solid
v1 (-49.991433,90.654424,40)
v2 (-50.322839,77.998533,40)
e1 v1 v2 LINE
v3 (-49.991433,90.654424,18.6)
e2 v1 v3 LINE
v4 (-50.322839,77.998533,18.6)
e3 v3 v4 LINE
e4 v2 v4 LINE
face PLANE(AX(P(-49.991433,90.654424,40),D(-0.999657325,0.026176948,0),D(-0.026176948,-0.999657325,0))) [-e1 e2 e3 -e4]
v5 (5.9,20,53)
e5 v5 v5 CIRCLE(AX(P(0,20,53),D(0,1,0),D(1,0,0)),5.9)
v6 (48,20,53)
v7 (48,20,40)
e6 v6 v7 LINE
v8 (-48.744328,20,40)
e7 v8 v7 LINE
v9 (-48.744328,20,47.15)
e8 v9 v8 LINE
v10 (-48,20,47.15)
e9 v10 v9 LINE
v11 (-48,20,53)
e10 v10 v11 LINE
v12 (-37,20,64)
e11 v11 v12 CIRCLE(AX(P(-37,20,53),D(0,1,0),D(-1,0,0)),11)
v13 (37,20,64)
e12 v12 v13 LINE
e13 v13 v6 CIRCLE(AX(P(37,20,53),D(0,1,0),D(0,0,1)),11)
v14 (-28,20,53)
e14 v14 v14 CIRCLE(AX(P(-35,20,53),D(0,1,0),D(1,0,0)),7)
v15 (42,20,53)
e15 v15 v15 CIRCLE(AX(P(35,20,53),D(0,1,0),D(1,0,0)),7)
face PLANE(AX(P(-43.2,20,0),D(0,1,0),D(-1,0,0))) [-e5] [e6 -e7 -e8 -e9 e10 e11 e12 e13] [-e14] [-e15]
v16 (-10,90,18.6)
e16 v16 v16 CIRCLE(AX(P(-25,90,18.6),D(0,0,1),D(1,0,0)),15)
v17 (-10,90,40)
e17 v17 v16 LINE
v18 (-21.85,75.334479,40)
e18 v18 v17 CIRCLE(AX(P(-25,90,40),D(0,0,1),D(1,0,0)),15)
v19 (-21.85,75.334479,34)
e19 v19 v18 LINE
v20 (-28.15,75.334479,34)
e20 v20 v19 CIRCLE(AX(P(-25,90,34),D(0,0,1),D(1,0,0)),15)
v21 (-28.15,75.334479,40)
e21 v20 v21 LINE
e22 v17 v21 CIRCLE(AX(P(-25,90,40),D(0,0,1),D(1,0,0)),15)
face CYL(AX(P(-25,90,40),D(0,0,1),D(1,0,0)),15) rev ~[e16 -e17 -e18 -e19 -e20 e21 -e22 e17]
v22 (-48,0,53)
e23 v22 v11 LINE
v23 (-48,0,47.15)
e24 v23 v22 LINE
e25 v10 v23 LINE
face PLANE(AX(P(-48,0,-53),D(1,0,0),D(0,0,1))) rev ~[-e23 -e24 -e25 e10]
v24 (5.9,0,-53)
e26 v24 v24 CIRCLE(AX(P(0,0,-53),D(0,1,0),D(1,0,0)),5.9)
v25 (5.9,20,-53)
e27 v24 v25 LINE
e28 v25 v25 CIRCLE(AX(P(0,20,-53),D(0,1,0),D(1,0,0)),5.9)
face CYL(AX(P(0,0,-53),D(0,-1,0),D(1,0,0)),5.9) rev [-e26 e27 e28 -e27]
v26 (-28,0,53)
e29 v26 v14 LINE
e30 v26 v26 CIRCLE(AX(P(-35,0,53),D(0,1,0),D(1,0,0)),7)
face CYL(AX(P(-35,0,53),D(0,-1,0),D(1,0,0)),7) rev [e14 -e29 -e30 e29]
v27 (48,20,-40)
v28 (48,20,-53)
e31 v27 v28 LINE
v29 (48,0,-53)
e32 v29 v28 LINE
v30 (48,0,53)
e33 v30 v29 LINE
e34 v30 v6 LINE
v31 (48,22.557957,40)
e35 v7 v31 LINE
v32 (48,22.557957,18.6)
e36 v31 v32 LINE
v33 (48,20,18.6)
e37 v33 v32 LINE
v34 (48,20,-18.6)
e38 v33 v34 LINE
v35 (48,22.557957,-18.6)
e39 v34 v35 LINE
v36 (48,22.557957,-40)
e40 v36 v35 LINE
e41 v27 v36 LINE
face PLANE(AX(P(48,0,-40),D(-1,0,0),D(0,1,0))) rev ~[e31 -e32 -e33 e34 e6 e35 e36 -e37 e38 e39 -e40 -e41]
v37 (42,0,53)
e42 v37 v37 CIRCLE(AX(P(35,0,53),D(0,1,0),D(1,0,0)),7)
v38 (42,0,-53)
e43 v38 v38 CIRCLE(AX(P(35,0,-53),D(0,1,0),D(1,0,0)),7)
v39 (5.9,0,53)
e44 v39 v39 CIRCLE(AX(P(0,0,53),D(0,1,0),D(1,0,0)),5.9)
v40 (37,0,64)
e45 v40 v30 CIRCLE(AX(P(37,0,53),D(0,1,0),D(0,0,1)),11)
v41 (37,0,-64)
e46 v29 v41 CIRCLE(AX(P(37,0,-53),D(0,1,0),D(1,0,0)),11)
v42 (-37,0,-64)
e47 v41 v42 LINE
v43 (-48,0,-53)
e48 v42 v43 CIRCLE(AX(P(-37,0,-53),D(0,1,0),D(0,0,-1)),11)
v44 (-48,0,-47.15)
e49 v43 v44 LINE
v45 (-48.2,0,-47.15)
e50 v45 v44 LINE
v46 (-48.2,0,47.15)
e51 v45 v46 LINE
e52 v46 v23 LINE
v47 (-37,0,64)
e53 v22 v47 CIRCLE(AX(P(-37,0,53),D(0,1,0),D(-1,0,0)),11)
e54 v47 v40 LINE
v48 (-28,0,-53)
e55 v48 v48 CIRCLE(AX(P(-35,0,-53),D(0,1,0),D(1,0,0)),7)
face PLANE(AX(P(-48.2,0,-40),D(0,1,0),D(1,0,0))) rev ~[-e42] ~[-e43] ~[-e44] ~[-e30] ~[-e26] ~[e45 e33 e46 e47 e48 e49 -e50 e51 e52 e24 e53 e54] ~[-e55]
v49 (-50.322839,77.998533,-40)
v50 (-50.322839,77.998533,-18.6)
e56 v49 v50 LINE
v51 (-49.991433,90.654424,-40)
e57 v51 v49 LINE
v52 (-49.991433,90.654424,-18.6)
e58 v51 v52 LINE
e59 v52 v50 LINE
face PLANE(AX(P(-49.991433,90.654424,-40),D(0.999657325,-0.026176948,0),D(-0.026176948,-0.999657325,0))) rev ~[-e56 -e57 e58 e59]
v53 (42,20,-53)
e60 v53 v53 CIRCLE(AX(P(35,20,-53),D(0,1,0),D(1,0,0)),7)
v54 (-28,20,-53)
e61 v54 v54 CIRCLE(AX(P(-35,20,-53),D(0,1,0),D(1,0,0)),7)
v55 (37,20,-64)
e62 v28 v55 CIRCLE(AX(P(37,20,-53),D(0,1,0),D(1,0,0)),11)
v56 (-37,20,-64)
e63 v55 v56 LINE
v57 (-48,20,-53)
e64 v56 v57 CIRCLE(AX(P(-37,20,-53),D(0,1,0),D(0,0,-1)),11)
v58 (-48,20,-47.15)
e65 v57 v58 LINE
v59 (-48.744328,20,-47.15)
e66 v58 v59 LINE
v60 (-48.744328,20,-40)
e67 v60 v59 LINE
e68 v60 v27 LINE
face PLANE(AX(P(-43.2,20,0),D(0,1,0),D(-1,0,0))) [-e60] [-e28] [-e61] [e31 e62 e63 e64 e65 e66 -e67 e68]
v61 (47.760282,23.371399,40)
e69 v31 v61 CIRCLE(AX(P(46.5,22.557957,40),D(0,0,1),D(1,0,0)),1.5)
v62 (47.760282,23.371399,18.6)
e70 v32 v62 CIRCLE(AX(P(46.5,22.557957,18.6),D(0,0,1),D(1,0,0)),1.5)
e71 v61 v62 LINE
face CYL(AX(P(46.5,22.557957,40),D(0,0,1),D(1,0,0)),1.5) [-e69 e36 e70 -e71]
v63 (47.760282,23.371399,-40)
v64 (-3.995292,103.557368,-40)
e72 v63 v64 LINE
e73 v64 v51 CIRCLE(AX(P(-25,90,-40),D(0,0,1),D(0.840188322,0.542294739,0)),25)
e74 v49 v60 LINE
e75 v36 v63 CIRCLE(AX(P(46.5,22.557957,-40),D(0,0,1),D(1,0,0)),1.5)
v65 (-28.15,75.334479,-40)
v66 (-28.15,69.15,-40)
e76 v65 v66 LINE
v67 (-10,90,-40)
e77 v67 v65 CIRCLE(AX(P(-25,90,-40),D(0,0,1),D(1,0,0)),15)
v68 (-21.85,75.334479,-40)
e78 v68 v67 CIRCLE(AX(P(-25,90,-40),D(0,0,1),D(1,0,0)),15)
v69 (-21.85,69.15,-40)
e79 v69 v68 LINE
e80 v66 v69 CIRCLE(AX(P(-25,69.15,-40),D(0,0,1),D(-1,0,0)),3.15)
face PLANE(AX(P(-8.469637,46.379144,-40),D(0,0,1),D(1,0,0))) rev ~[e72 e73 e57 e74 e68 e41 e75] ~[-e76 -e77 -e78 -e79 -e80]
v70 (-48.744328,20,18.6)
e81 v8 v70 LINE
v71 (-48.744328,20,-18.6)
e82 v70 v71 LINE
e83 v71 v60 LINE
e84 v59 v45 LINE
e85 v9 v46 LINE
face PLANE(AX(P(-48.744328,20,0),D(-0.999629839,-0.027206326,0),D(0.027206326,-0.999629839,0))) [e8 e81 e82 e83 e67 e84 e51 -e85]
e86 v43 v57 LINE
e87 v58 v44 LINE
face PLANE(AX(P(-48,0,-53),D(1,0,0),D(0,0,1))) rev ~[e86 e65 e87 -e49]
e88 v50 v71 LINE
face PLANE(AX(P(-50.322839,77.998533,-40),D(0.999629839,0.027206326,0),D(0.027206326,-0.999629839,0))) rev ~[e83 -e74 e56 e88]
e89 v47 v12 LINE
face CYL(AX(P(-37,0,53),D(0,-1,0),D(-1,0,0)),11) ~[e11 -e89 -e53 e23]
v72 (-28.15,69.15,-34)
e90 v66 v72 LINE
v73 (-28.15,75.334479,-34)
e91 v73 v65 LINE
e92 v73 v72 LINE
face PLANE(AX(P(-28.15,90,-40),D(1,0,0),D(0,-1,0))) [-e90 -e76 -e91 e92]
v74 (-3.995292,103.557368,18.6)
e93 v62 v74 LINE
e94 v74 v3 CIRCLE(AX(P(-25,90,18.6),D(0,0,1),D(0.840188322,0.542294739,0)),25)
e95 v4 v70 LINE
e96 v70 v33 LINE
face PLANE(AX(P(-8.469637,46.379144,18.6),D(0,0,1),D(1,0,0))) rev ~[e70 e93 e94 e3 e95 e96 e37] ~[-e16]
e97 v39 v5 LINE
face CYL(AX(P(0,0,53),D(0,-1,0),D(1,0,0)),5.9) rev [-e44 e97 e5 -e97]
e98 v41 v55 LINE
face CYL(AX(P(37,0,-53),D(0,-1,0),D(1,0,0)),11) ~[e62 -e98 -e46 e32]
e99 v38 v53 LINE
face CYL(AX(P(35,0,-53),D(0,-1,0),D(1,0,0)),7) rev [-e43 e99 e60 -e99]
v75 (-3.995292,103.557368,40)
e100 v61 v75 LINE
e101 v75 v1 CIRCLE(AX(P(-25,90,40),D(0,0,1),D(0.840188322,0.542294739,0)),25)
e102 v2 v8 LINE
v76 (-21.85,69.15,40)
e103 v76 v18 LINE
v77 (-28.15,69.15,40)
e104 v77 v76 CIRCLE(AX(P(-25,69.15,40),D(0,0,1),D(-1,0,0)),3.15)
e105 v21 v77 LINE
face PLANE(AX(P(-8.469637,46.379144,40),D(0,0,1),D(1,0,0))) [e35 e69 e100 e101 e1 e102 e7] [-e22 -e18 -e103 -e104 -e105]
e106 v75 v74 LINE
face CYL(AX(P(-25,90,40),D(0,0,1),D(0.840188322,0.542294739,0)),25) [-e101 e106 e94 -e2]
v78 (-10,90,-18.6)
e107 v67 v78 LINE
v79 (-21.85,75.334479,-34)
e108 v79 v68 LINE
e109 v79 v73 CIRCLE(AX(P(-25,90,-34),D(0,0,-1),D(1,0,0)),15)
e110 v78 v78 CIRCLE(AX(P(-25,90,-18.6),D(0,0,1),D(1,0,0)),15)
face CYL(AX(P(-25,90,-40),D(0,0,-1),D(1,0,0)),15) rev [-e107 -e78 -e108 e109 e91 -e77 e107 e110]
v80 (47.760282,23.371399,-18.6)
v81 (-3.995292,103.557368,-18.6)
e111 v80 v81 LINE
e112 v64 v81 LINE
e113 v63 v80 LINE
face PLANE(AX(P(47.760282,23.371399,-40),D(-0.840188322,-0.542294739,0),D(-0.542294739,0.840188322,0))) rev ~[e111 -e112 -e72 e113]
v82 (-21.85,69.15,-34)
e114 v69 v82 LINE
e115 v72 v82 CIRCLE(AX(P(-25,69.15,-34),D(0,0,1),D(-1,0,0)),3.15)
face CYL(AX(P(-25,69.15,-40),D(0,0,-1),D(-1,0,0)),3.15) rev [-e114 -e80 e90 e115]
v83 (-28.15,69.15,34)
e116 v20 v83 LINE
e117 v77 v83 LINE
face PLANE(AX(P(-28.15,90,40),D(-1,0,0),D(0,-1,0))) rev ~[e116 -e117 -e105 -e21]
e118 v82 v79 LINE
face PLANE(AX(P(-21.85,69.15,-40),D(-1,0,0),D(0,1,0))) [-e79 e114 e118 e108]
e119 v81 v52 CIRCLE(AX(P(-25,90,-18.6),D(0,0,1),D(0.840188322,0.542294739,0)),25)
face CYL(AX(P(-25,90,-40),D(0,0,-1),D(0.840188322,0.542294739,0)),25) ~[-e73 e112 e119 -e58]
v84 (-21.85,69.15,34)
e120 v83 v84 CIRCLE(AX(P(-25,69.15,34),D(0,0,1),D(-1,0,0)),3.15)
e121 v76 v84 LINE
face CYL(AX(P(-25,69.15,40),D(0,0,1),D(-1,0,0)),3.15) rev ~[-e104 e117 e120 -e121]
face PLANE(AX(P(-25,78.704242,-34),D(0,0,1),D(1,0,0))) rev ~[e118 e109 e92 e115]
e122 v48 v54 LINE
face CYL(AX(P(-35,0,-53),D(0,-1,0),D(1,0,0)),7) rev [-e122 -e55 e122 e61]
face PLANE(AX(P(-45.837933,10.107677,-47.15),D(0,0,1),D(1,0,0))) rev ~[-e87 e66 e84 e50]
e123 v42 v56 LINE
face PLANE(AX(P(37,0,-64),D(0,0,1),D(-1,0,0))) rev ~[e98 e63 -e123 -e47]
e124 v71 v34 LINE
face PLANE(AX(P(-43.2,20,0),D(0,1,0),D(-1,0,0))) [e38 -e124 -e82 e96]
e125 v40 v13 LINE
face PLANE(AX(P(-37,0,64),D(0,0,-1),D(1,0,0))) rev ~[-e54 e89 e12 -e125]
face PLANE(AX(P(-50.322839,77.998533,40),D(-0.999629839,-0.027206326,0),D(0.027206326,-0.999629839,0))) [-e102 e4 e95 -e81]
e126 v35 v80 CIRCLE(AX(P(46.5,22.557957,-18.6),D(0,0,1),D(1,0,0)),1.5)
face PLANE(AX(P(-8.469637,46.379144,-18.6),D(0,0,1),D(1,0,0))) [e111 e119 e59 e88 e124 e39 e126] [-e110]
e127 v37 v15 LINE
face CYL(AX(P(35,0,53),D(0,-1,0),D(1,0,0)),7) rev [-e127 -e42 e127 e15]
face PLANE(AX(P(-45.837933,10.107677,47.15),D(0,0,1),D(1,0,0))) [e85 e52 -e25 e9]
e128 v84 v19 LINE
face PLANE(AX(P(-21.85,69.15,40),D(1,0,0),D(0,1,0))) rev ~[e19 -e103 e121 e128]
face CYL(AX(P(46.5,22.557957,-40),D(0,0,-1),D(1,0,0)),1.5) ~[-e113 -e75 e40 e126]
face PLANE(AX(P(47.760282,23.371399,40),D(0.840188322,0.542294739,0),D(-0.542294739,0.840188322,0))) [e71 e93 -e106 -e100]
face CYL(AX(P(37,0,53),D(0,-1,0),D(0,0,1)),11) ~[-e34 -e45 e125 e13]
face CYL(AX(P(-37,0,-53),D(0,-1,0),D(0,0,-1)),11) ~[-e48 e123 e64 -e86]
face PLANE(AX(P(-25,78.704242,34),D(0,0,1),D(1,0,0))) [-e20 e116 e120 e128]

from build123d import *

# Parameters (mm, degrees)
SKETCH1_R                = 7
SKETCH1_R_2              = 5.9
BOSS_EXTRUDE1_DEPTH      = 20
BOSS_EXTRUDE2_DEPTH      = 47.15
BOSS_EXTRUDE2_DEPTH_BACK = 47.15
SKETCH3_R                = 15
BOSS_EXTRUDE3_DEPTH      = 21.4
SKETCH4_R                = 15
BOSS_EXTRUDE4_DEPTH      = 21.4
CUT_EXTRUDE1_DEPTH       = 6
CUT_EXTRUDE1_DEPTH_BACK  = 6
CUT_EXTRUDE2_DEPTH       = 6
CUT_EXTRUDE2_DEPTH_BACK  = 6


with BuildPart() as part:
    # Sketch1 → Boss-Extrude1 (new body)
    with BuildSketch(Plane(origin=(0, 0, 0), x_dir=(1, 0, 0), z_dir=(0, 1, 0))):
        with BuildLine():
            Line((-37, -64), (37, -64))
            ThreePointArc((37, -64), (44.778174593, -60.778174593), (48, -53))
            Line((48, -53), (48, 53))
            ThreePointArc((48, 53), (44.778174593, 60.778174593), (37, 64))
            Line((37, 64), (-37, 64))
            ThreePointArc((-37, 64), (-44.778174593, 60.778174593), (-48, 53))
            Line((-48, 53), (-48, -53))
            ThreePointArc((-48, -53), (-44.778174593, -60.778174593), (-37, -64))
        make_face()
        with Locations((35, 53)):
            Circle(SKETCH1_R, mode=Mode.SUBTRACT)
        with Locations((35, -53)):
            Circle(SKETCH1_R, mode=Mode.SUBTRACT)
        with Locations((0, 53)):
            Circle(SKETCH1_R_2, mode=Mode.SUBTRACT)
        with Locations((0, -53)):
            Circle(SKETCH1_R_2, mode=Mode.SUBTRACT)
        with Locations((-35, 53)):
            Circle(SKETCH1_R, mode=Mode.SUBTRACT)
        with Locations((-35, -53)):
            Circle(SKETCH1_R, mode=Mode.SUBTRACT)
    extrude(amount=BOSS_EXTRUDE1_DEPTH)

    # Sketch2 → Boss-Extrude2 (add, two sides)
    with BuildSketch(Plane.XY) as boss_extrude2_sk:
        Polygon((-48.744328002, 20), (-48.2, 0), (-43.2, 0), (-43.2, 20), align=None)
    extrude(amount=BOSS_EXTRUDE2_DEPTH)
    extrude(boss_extrude2_sk.sketch, amount=-BOSS_EXTRUDE2_DEPTH_BACK)

    # Sketch3 → Boss-Extrude3 (add)
    with BuildSketch(Plane.XY.offset(40)):
        with BuildLine():
            Line((-50.322839283, 77.998533118), (-48.2, 0))
            Line((-48.2, 0), (48, 0))
            Line((48, 0), (48, 22.55795714))
            ThreePointArc((48, 22.55795714), (47.938823082, 22.981971454), (47.760282483, 23.371399248))
            Line((47.760282483, 23.371399248), (-3.995291952, 103.55736847))
            ThreePointArc((-3.995291952, 103.55736847), (-31.752406245, 114.070833178), (-49.991433124, 90.654423708))
            Line((-49.991433124, 90.654423708), (-50.322839283, 77.998533118))
        make_face()
        with Locations((-25, 90)):
            Circle(SKETCH3_R, mode=Mode.SUBTRACT)
    extrude(amount=-BOSS_EXTRUDE3_DEPTH)

    # Sketch4 → Boss-Extrude4 (add)
    with BuildSketch(Plane.XY.offset(-40)):
        with BuildLine():
            Line((-50.322839283, 77.998533118), (-48.2, 0))
            Line((-48.2, 0), (48, 0))
            Line((48, 0), (48, 22.55795714))
            ThreePointArc((48, 22.55795714), (47.938823082, 22.981971454), (47.760282483, 23.371399248))
            Line((47.760282483, 23.371399248), (-3.995291952, 103.55736847))
            ThreePointArc((-3.995291952, 103.55736847), (-31.752406245, 114.070833178), (-49.991433124, 90.654423708))
            Line((-49.991433124, 90.654423708), (-50.322839283, 77.998533118))
        make_face()
        with Locations((-25, 90)):
            Circle(SKETCH4_R, mode=Mode.SUBTRACT)
    extrude(amount=BOSS_EXTRUDE4_DEPTH)

    # Sketch5 → Cut-Extrude1 (cut, two sides)
    with BuildSketch(Plane.XY.offset(40)) as cut_extrude1_sk:
        with BuildLine():
            Line((-21.85, 69.15), (-21.85, 90))
            Line((-21.85, 90), (-28.15, 90))
            Line((-28.15, 90), (-28.15, 69.15))
            ThreePointArc((-28.15, 69.15), (-25, 66), (-21.85, 69.15))
        make_face()
    extrude(amount=CUT_EXTRUDE1_DEPTH, mode=Mode.SUBTRACT)
    extrude(cut_extrude1_sk.sketch, amount=-CUT_EXTRUDE1_DEPTH_BACK, mode=Mode.SUBTRACT)

    # Sketch6 → Cut-Extrude2 (cut, two sides)
    with BuildSketch(Plane.XY.offset(-40)) as cut_extrude2_sk:
        with BuildLine():
            Line((-21.85, 69.15), (-21.85, 90))
            Line((-21.85, 90), (-28.15, 90))
            Line((-28.15, 90), (-28.15, 69.15))
            ThreePointArc((-28.15, 69.15), (-25, 66), (-21.85, 69.15))
        make_face()
    extrude(amount=CUT_EXTRUDE2_DEPTH, mode=Mode.SUBTRACT)
    extrude(cut_extrude2_sk.sketch, amount=-CUT_EXTRUDE2_DEPTH_BACK, mode=Mode.SUBTRACT)


solid = part.part
